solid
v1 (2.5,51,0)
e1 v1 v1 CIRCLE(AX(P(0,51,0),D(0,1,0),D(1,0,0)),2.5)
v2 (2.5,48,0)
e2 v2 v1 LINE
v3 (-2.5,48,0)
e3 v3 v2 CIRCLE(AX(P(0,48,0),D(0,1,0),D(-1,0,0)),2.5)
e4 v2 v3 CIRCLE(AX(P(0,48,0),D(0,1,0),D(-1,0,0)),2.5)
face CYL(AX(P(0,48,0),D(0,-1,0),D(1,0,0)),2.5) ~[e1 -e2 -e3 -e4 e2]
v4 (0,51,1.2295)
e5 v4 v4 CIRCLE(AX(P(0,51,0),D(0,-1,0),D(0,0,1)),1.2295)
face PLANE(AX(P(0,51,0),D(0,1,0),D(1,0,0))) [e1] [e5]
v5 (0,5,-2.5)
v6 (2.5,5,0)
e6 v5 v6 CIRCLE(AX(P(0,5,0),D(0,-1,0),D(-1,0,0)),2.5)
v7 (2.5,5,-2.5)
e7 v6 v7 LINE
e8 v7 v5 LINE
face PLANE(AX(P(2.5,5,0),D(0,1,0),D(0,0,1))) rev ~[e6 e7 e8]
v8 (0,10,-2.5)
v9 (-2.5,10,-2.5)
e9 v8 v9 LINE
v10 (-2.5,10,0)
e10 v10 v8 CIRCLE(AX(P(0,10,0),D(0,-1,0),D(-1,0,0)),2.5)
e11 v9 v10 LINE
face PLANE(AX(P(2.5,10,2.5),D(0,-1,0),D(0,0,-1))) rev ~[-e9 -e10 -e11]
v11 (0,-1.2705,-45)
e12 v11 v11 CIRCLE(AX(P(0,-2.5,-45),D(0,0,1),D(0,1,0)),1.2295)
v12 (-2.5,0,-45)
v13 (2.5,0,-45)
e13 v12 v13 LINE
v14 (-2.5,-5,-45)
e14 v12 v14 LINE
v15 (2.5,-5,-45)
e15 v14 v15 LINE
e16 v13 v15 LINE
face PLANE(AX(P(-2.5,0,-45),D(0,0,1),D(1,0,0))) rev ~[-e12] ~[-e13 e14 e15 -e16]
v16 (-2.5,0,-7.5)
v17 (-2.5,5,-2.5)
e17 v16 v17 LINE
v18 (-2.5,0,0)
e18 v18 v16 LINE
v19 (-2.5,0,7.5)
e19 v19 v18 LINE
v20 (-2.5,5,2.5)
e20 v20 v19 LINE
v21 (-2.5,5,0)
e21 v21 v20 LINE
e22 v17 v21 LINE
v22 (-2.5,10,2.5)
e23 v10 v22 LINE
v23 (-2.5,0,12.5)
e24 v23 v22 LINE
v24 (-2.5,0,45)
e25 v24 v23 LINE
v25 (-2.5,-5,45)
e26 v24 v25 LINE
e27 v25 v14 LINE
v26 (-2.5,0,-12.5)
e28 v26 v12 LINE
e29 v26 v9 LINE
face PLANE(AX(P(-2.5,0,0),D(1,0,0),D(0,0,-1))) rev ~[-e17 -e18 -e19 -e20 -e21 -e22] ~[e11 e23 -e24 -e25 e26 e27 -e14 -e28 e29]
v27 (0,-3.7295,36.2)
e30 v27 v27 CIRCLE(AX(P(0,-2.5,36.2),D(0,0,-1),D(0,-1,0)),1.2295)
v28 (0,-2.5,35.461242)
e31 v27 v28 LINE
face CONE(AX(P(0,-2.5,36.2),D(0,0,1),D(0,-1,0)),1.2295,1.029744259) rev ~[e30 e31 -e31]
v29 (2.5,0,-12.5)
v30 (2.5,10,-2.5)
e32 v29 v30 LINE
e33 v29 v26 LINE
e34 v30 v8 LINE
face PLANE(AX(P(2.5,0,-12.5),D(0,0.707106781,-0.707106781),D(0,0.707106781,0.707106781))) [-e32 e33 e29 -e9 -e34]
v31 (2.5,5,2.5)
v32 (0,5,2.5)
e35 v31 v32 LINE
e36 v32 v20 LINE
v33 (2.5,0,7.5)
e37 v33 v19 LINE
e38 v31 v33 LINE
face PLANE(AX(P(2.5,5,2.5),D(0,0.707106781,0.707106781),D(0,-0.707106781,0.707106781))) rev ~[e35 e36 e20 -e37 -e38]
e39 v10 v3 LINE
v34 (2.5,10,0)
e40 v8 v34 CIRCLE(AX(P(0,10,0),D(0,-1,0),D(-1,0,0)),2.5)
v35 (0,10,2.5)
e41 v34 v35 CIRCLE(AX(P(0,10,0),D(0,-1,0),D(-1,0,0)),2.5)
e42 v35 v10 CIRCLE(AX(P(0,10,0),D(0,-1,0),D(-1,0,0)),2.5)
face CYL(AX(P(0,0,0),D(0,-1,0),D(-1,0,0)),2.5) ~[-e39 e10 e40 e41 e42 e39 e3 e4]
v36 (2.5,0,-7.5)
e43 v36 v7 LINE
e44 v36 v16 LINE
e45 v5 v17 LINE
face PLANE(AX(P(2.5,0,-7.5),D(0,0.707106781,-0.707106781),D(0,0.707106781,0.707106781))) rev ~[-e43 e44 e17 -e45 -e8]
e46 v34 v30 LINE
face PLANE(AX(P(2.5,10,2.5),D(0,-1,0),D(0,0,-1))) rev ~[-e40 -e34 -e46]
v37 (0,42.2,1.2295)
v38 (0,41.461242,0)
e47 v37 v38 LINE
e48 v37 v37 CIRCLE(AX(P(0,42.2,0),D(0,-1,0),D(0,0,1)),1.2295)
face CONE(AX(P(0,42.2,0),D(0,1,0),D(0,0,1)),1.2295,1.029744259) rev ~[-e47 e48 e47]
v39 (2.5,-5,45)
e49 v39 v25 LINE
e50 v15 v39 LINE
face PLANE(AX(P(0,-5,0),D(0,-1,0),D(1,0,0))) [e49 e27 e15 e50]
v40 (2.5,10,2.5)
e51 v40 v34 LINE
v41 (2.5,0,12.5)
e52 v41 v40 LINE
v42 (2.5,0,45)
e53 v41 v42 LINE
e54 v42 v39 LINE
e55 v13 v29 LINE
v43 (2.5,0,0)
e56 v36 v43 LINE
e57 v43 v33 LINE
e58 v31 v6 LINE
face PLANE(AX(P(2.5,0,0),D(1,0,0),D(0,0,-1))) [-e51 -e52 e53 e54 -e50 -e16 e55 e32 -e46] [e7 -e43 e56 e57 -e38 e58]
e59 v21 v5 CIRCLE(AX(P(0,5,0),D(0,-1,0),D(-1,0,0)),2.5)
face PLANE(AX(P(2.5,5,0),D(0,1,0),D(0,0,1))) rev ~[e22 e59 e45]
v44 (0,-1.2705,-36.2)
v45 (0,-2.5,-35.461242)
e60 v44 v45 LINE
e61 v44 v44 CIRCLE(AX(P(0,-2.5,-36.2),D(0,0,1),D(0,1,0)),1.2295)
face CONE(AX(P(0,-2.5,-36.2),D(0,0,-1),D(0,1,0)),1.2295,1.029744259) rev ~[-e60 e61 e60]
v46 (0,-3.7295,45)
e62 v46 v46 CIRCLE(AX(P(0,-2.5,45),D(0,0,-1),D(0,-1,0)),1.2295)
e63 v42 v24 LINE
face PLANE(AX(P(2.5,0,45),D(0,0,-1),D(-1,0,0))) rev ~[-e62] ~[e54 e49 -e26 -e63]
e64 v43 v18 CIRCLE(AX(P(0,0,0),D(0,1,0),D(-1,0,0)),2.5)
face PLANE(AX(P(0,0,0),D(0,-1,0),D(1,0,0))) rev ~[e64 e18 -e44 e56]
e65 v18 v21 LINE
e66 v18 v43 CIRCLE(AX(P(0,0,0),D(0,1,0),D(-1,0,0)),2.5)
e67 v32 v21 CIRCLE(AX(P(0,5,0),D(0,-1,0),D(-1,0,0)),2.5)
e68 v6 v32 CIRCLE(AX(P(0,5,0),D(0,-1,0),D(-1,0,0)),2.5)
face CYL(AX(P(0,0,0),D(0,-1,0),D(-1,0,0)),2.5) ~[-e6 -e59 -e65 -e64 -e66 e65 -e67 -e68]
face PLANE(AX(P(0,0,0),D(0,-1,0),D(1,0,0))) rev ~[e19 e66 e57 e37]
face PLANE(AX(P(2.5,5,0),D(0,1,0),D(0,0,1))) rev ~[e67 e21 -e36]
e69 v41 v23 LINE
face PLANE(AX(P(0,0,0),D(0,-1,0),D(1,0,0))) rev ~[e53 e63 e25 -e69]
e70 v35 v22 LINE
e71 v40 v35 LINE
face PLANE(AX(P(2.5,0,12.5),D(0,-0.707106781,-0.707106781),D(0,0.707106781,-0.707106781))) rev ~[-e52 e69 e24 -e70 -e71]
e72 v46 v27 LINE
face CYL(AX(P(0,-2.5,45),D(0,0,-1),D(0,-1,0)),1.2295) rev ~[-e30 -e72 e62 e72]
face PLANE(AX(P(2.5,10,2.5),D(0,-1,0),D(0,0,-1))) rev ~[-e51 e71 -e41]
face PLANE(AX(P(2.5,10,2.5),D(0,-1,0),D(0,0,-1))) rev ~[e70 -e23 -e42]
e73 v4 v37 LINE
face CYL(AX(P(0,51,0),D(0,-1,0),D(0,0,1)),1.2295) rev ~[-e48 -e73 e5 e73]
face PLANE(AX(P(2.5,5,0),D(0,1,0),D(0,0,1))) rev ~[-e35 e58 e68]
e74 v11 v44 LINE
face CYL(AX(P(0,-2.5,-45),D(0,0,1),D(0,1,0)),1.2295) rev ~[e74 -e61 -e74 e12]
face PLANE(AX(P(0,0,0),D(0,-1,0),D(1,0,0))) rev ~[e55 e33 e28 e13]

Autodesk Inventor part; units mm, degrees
ref_plane "YZ Plane" through (0, 0, 0) normal (1, 0, 0) x (0, 1, 0)
ref_plane "XZ Plane" through (0, 0, 0) normal (0, 1, 0) x (-1, 0, 0)
ref_plane "XY Plane" through (0, 0, 0) normal (0, 0, 1) x (1, 0, 0)
sketch "Szkic1" plane through (0, 0, 0) normal (0, 1, 0) x (-1, 0, 0)
  circle A0 centre (0, 0) radius 2.5
  dimension "d0" = 5
extrude "Wyciągnięcie proste1" add sketch "Szkic1" along normal blind 48
sketch "Szkic2" plane through (0, 0, 0) normal (0, -1, 0) x (1, 0, 0)
  line L0 (2.5, -45) -> (2.5, 45)
  line L1 (2.5, 45) -> (-2.5, 45)
  line L2 (-2.5, 45) -> (-2.5, -45)
  line L3 (-2.5, -45) -> (2.5, -45)
  line L4 (2.5, -45) -> (-2.5, 45) construction
  line L5 (2.5, 45) -> (-2.5, -45) construction
  point P0 (0, 0)
  dimension "d3" = 90
extrude "Wyciągnięcie proste2" add sketch "Szkic2" along normal blind 5
sketch "Szkic4" plane through (2.5, 0, -45) normal (0, 0, -1) x (-1, 0, 0)
  line L0 (5, 0) -> (5, -5) projected
  line L1 (5, -2.5) -> (0, -2.5)
  line L2 (0, 0) -> (0, -5) projected
  line L3 (0, -5) -> (5, -5) projected
  line L4 (2.5, -5) -> (2.5, 0)
  point P0 (2.5, -2.5)
hole "Otwór2" at (0, -2.5, -45) direction (0, 0, 1) diameter 2.459 depth 8.8 tip angle 118 thread size "M3x0.5" class "6H" standard "ISO Metric profile"
sketch "Szkic5" plane through (-2.5, 0, 45) normal (0, 0, 1) x (1, 0, 0)
  line L0 (0, -5) -> (5, -5) projected
  line L1 (2.5, -5) -> (2.5, 0)
  line L2 (2.5, 0) -> (5, -2.5)
  line L3 (5, 0) -> (5, -5) projected
  line L4 (0, 0) -> (0, -5) projected
  line L5 (0, -2.5) -> (5, -2.5)
  circle A0 centre (2.5, -2.5) radius 1.2295 projected
hole "Otwór3" at (0, -2.5, 45) direction (0, 0, -1) diameter 2.459 depth 8.8 tip angle 118 thread size "M3x0.5" class "6H" standard "ISO Metric profile"
sketch "Szkic7" plane through (2.5, 0, 0) normal (1, 0, 0) x (0, 0, -1)
  line L0 (-45, -5) -> (45, -5) projected
  line L1 (-10, -5) -> (-10, 0)
  line L2 (0, -15.6) -> (0, 58.6) projected
  line L3 (10, -5) -> (10, 0)
  line L4 (10, -2.5) -> (-10, -2.5)
  line L5 (45, 0) -> (0, 0) projected
  line L6 (12.5, -5) -> (7.5, -5)
  line L7 (7.5, -5) -> (7.5, 0)
  line L8 (7.5, 0) -> (12.5, 0)
  line L9 (12.5, 0) -> (12.5, -5)
  line L10 (0, 0) -> (-45, 0) projected
  line L11 (-7.5, -5) -> (-12.5, -5)
  line L12 (-12.5, -5) -> (-12.5, 0)
  line L13 (-12.5, 0) -> (-7.5, 0)
  line L14 (-7.5, 0) -> (-7.5, -5)
  line L15 (2.5, 0) -> (2.5, 48) projected
  line L16 (2.5, 7.5) -> (-2.5498, 7.5)
  line L17 (2.5, 5) -> (-2.5, 5)
  line L18 (-2.5, 5) -> (-2.5, 10)
  line L19 (-2.5, 10) -> (2.5, 10)
  line L20 (2.5, 10) -> (2.5, 5)
  line L21 (12.5, 0) -> (2.5, 10)
  line L22 (7.5, 0) -> (2.5, 5)
  line L23 (-2.5, 5) -> (-7.5, 0)
  line L24 (-12.5, 0) -> (-2.5, 10)
  point P0 (0, -2.5)
  point P1 (0, 7.509)
  dimension "d28" = 10
  dimension "d29" = 5
  dimension "d30" = 5
  dimension "d31" = 5
  dimension "d32" = 5
extrude "Wyciągnięcie proste3" add sketch "Szkic7" against normal blind 5 contours L24 L18 L23 L10 | L19 L2 L16 L18 | L16 L2 L17 L18 | L19 L15 L16 L2 | L16 L15 L17 L2 | L21 L5 L22 L15
sketch "Szkic8" plane through (0, 48, 0) normal (0, 1, 0) x (1, 0, 0)
  circle A0 centre (0, 0) radius 2.5
extrude "Wyciągnięcie proste4" add sketch "Szkic8" along normal blind 3
sketch "Szkic9" plane through (0, 51, 0) normal (0, 1, 0) x (1, 0, 0)
  point P0 (0, 0)
  point P1 (0, 0)
hole "Otwór4" at (0, 51, 0) direction (0, -1, 0) diameter 2.459 depth 8.8 tip angle 118 thread size "M3x0.5" class "6H" standard "ISO Metric profile"
properties part number "Część L1" material "Stal nierdzewna 440C"
